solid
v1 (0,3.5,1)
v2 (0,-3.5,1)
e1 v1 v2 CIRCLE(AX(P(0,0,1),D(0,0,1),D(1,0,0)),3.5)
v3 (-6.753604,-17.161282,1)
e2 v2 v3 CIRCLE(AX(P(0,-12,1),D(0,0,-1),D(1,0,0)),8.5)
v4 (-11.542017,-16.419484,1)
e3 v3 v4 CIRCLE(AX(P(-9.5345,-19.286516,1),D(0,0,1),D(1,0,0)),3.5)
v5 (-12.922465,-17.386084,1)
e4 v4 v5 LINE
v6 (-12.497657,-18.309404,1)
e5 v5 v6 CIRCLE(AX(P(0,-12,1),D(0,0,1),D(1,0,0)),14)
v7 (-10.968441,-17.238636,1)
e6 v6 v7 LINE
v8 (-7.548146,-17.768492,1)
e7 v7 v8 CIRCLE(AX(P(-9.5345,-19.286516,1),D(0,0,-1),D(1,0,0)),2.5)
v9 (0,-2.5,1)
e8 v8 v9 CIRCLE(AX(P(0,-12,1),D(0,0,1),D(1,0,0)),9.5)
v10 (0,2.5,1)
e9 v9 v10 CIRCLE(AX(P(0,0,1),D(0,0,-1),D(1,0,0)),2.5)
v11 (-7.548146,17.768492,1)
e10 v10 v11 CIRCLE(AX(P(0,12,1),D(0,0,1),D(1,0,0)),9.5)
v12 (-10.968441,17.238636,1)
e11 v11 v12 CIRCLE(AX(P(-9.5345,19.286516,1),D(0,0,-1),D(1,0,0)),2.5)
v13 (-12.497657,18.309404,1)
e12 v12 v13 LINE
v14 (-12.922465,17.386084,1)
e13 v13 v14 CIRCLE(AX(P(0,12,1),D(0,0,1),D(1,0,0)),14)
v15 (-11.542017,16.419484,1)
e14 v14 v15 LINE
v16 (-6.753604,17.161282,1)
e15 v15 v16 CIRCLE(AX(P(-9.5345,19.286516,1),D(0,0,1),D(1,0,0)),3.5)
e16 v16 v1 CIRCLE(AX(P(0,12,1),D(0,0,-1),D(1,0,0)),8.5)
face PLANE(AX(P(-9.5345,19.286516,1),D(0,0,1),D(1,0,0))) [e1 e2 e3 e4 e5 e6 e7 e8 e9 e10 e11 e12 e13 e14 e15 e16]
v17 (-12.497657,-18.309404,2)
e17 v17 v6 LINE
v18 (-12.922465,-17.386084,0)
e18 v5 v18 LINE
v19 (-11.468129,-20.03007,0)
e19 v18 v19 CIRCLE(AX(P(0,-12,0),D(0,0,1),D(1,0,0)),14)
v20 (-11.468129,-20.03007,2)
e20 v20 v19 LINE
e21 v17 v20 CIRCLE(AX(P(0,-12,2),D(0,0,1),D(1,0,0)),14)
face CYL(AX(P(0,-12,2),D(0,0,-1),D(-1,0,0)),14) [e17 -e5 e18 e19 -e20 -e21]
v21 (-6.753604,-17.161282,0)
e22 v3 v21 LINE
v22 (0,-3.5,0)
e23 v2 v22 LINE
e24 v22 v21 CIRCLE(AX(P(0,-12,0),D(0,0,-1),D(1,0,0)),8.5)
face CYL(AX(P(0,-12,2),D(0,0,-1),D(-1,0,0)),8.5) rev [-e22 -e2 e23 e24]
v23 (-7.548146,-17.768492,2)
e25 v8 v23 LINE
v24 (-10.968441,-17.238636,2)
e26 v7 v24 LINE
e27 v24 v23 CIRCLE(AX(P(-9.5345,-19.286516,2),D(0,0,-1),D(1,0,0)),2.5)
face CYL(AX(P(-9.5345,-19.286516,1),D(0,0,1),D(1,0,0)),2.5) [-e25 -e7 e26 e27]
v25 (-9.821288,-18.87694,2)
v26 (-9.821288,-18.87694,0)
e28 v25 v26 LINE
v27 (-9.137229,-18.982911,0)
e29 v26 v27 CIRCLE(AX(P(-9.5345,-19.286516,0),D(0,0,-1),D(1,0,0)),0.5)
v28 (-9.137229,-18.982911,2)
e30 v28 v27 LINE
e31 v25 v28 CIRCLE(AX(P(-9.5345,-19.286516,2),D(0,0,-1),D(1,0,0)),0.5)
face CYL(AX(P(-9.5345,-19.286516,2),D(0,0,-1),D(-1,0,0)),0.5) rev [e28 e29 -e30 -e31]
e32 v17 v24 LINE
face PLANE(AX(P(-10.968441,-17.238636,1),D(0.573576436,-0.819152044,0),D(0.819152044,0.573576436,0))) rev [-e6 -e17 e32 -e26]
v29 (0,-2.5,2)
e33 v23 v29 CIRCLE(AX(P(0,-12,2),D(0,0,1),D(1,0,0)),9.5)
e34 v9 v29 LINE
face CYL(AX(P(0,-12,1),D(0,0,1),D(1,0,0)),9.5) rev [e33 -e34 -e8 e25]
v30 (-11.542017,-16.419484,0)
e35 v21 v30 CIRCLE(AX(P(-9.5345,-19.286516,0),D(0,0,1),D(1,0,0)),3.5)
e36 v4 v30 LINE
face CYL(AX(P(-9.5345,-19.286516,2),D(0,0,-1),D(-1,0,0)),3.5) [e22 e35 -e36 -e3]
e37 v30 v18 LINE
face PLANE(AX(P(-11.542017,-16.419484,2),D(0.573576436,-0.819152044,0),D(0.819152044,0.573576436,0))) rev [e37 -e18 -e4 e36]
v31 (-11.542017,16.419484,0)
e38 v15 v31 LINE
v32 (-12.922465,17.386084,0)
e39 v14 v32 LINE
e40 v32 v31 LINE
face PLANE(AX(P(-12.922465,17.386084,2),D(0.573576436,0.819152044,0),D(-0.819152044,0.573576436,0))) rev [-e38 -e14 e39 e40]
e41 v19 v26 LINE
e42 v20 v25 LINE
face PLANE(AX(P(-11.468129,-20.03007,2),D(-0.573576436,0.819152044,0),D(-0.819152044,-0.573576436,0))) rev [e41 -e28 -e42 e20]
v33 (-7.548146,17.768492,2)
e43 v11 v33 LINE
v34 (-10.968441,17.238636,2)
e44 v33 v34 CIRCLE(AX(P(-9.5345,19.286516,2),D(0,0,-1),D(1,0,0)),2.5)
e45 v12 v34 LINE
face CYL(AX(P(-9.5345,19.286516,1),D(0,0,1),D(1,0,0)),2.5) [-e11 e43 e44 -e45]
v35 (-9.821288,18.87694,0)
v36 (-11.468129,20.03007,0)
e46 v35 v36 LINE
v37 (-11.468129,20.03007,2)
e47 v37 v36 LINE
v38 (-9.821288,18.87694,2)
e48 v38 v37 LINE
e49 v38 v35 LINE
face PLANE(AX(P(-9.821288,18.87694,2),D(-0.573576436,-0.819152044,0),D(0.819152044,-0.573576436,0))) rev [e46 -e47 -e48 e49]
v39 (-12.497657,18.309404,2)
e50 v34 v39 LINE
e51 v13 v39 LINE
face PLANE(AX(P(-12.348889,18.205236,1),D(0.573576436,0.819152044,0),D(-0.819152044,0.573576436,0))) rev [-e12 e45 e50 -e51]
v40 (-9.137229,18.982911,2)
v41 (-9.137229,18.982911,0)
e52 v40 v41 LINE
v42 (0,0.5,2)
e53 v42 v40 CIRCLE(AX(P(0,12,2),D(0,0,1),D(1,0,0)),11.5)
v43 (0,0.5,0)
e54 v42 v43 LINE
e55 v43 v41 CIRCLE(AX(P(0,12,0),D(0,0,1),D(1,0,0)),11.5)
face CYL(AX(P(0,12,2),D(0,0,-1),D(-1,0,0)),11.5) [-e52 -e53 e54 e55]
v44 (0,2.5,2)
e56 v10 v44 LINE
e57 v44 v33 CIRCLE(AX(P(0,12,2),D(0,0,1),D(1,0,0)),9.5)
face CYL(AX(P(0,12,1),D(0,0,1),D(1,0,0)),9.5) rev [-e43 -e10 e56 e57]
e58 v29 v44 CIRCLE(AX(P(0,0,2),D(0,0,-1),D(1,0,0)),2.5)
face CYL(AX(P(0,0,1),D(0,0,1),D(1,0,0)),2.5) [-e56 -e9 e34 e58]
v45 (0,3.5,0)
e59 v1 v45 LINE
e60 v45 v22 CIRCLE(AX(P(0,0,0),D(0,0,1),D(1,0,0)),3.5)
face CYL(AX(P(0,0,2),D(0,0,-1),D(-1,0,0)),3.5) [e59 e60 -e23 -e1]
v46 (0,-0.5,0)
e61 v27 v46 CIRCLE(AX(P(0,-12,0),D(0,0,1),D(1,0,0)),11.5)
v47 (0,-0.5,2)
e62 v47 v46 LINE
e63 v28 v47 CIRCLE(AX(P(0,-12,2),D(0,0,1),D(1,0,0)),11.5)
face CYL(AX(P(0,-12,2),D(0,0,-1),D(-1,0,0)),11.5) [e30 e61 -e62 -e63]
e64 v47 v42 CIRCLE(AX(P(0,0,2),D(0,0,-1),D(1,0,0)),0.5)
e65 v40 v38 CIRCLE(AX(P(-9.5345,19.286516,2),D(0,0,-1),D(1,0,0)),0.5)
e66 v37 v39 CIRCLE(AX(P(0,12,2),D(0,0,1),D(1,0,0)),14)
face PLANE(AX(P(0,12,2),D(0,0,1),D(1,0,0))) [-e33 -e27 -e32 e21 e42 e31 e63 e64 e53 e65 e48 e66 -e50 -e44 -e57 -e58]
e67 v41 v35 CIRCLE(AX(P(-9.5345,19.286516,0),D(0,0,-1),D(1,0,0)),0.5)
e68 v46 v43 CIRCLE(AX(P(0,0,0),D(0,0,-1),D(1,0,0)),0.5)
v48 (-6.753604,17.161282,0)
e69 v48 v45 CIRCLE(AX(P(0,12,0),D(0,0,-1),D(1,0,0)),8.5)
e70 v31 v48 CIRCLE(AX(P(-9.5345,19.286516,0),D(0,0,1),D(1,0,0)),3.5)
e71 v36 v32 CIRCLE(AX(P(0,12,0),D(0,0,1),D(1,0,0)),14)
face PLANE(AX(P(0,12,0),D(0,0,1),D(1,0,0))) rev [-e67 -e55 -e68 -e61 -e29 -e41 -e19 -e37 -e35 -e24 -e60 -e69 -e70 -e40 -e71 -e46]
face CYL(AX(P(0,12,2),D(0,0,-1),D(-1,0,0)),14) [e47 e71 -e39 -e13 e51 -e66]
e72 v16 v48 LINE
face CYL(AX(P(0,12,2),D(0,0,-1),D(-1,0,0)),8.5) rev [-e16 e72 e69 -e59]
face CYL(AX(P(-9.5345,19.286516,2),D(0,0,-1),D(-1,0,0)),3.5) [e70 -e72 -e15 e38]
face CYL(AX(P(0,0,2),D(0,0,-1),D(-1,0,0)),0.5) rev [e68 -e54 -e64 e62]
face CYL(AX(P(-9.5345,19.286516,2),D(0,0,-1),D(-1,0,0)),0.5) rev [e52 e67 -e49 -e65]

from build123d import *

# Parameters (mm, degrees)
BOSS_EXTRU_2_DEPTH      = 2
ENL_V_START             = -1
ENL_V_MAT_EXTRU_1_DEPTH = 1


with BuildPart() as part:
    # Esquisse1 → Boss.-Extru.2 (new body)
    with BuildSketch(Plane.XY):
        with BuildLine():
            Line((-12.922465041, 17.386083667), (-11.5420173, 16.419483753))
            ThreePointArc((-11.5420173, 16.419483753), (-8.998687611, 15.827772592), (-6.753604006, 17.161282102))
            ThreePointArc((-6.753604006, 17.161282102), (7.619740739, 15.766902052), (0, 3.5))
            ThreePointArc((0, 3.5), (-3.5, 0), (0, -3.5))
            ThreePointArc((0, -3.5), (7.619740739, -15.766902052), (-6.753604006, -17.161282102))
            ThreePointArc((-6.753604006, -17.161282102), (-8.998687611, -15.827772592), (-11.5420173, -16.419483753))
            Line((-11.5420173, -16.419483753), (-12.922465041, -17.386083667))
            ThreePointArc((-12.922465041, -17.386083667), (-12.266740841, -18.747374982), (-11.46812862, -20.030070109))
            Line((-11.46812862, -20.030070109), (-9.821287991, -18.876939886))
            ThreePointArc((-9.821287991, -18.876939886), (-9.457955178, -18.79240972), (-9.137228949, -18.982911079))
            ThreePointArc((-9.137228949, -18.982911079), (10.309061, -17.096396894), (0, -0.5))
            ThreePointArc((0, -0.5), (-0.5, 0), (0, 0.5))
            ThreePointArc((0, 0.5), (10.309061, 17.096396894), (-9.137228949, 18.982911079))
            ThreePointArc((-9.137228949, 18.982911079), (-9.457955178, 18.79240972), (-9.821287991, 18.876939886))
            Line((-9.821287991, 18.876939886), (-11.46812862, 20.030070109))
            ThreePointArc((-11.46812862, 20.030070109), (-12.266740841, 18.747374982), (-12.922465041, 17.386083667))
        make_face()
    extrude(amount=BOSS_EXTRU_2_DEPTH)

    # Esquisse2 → Enlèv. mat.-Extru.1 (cut)
    with BuildSketch(Plane.XY.offset(2).offset(ENL_V_START)):
        with BuildLine():
            Line((-12.922465041, 17.386083667), (-11.5420173, 16.419483753))
            ThreePointArc((-11.5420173, 16.419483753), (-8.998687611, 15.827772592), (-6.753604006, 17.161282102))
            ThreePointArc((-6.753604006, 17.161282102), (7.619740739, 15.766902052), (0, 3.5))
            ThreePointArc((0, 3.5), (-3.5, 0), (0, -3.5))
            ThreePointArc((0, -3.5), (7.619740739, -15.766902052), (-6.753604006, -17.161282102))
            ThreePointArc((-6.753604006, -17.161282102), (-8.998687611, -15.827772592), (-11.5420173, -16.419483753))
            Line((-11.5420173, -16.419483753), (-12.922465041, -17.386083667))
            Line((-12.922465041, -17.386083667), (-12.979954825, -18.647113037))
            Line((-12.979954825, -18.647113037), (-12.348888604, -18.205235712))
            Line((-12.348888604, -18.205235712), (-10.968440864, -17.238635798))
            ThreePointArc((-10.968440864, -17.238635798), (-9.1517768, -16.815984968), (-7.548145653, -17.768491761))
            ThreePointArc((-7.548145653, -17.768491761), (8.516180826, -16.210066999), (0, -2.5))
            ThreePointArc((0, -2.5), (-2.5, 0), (0, 2.5))
            ThreePointArc((0, 2.5), (8.516180826, 16.210066999), (-7.548145653, 17.768491761))
            ThreePointArc((-7.548145653, 17.768491761), (-9.1517768, 16.815984968), (-10.968440864, 17.238635798))
            Line((-10.968440864, 17.238635798), (-12.348888604, 18.205235712))
            Line((-12.348888604, 18.205235712), (-12.898926694, 18.590376529))
            Line((-12.898926694, 18.590376529), (-13.29562882, 18.205235712))
            Line((-13.29562882, 18.205235712), (-12.922465041, 17.386083667))
        make_face()
    extrude(amount=ENL_V_MAT_EXTRU_1_DEPTH, mode=Mode.SUBTRACT)


solid = part.part
